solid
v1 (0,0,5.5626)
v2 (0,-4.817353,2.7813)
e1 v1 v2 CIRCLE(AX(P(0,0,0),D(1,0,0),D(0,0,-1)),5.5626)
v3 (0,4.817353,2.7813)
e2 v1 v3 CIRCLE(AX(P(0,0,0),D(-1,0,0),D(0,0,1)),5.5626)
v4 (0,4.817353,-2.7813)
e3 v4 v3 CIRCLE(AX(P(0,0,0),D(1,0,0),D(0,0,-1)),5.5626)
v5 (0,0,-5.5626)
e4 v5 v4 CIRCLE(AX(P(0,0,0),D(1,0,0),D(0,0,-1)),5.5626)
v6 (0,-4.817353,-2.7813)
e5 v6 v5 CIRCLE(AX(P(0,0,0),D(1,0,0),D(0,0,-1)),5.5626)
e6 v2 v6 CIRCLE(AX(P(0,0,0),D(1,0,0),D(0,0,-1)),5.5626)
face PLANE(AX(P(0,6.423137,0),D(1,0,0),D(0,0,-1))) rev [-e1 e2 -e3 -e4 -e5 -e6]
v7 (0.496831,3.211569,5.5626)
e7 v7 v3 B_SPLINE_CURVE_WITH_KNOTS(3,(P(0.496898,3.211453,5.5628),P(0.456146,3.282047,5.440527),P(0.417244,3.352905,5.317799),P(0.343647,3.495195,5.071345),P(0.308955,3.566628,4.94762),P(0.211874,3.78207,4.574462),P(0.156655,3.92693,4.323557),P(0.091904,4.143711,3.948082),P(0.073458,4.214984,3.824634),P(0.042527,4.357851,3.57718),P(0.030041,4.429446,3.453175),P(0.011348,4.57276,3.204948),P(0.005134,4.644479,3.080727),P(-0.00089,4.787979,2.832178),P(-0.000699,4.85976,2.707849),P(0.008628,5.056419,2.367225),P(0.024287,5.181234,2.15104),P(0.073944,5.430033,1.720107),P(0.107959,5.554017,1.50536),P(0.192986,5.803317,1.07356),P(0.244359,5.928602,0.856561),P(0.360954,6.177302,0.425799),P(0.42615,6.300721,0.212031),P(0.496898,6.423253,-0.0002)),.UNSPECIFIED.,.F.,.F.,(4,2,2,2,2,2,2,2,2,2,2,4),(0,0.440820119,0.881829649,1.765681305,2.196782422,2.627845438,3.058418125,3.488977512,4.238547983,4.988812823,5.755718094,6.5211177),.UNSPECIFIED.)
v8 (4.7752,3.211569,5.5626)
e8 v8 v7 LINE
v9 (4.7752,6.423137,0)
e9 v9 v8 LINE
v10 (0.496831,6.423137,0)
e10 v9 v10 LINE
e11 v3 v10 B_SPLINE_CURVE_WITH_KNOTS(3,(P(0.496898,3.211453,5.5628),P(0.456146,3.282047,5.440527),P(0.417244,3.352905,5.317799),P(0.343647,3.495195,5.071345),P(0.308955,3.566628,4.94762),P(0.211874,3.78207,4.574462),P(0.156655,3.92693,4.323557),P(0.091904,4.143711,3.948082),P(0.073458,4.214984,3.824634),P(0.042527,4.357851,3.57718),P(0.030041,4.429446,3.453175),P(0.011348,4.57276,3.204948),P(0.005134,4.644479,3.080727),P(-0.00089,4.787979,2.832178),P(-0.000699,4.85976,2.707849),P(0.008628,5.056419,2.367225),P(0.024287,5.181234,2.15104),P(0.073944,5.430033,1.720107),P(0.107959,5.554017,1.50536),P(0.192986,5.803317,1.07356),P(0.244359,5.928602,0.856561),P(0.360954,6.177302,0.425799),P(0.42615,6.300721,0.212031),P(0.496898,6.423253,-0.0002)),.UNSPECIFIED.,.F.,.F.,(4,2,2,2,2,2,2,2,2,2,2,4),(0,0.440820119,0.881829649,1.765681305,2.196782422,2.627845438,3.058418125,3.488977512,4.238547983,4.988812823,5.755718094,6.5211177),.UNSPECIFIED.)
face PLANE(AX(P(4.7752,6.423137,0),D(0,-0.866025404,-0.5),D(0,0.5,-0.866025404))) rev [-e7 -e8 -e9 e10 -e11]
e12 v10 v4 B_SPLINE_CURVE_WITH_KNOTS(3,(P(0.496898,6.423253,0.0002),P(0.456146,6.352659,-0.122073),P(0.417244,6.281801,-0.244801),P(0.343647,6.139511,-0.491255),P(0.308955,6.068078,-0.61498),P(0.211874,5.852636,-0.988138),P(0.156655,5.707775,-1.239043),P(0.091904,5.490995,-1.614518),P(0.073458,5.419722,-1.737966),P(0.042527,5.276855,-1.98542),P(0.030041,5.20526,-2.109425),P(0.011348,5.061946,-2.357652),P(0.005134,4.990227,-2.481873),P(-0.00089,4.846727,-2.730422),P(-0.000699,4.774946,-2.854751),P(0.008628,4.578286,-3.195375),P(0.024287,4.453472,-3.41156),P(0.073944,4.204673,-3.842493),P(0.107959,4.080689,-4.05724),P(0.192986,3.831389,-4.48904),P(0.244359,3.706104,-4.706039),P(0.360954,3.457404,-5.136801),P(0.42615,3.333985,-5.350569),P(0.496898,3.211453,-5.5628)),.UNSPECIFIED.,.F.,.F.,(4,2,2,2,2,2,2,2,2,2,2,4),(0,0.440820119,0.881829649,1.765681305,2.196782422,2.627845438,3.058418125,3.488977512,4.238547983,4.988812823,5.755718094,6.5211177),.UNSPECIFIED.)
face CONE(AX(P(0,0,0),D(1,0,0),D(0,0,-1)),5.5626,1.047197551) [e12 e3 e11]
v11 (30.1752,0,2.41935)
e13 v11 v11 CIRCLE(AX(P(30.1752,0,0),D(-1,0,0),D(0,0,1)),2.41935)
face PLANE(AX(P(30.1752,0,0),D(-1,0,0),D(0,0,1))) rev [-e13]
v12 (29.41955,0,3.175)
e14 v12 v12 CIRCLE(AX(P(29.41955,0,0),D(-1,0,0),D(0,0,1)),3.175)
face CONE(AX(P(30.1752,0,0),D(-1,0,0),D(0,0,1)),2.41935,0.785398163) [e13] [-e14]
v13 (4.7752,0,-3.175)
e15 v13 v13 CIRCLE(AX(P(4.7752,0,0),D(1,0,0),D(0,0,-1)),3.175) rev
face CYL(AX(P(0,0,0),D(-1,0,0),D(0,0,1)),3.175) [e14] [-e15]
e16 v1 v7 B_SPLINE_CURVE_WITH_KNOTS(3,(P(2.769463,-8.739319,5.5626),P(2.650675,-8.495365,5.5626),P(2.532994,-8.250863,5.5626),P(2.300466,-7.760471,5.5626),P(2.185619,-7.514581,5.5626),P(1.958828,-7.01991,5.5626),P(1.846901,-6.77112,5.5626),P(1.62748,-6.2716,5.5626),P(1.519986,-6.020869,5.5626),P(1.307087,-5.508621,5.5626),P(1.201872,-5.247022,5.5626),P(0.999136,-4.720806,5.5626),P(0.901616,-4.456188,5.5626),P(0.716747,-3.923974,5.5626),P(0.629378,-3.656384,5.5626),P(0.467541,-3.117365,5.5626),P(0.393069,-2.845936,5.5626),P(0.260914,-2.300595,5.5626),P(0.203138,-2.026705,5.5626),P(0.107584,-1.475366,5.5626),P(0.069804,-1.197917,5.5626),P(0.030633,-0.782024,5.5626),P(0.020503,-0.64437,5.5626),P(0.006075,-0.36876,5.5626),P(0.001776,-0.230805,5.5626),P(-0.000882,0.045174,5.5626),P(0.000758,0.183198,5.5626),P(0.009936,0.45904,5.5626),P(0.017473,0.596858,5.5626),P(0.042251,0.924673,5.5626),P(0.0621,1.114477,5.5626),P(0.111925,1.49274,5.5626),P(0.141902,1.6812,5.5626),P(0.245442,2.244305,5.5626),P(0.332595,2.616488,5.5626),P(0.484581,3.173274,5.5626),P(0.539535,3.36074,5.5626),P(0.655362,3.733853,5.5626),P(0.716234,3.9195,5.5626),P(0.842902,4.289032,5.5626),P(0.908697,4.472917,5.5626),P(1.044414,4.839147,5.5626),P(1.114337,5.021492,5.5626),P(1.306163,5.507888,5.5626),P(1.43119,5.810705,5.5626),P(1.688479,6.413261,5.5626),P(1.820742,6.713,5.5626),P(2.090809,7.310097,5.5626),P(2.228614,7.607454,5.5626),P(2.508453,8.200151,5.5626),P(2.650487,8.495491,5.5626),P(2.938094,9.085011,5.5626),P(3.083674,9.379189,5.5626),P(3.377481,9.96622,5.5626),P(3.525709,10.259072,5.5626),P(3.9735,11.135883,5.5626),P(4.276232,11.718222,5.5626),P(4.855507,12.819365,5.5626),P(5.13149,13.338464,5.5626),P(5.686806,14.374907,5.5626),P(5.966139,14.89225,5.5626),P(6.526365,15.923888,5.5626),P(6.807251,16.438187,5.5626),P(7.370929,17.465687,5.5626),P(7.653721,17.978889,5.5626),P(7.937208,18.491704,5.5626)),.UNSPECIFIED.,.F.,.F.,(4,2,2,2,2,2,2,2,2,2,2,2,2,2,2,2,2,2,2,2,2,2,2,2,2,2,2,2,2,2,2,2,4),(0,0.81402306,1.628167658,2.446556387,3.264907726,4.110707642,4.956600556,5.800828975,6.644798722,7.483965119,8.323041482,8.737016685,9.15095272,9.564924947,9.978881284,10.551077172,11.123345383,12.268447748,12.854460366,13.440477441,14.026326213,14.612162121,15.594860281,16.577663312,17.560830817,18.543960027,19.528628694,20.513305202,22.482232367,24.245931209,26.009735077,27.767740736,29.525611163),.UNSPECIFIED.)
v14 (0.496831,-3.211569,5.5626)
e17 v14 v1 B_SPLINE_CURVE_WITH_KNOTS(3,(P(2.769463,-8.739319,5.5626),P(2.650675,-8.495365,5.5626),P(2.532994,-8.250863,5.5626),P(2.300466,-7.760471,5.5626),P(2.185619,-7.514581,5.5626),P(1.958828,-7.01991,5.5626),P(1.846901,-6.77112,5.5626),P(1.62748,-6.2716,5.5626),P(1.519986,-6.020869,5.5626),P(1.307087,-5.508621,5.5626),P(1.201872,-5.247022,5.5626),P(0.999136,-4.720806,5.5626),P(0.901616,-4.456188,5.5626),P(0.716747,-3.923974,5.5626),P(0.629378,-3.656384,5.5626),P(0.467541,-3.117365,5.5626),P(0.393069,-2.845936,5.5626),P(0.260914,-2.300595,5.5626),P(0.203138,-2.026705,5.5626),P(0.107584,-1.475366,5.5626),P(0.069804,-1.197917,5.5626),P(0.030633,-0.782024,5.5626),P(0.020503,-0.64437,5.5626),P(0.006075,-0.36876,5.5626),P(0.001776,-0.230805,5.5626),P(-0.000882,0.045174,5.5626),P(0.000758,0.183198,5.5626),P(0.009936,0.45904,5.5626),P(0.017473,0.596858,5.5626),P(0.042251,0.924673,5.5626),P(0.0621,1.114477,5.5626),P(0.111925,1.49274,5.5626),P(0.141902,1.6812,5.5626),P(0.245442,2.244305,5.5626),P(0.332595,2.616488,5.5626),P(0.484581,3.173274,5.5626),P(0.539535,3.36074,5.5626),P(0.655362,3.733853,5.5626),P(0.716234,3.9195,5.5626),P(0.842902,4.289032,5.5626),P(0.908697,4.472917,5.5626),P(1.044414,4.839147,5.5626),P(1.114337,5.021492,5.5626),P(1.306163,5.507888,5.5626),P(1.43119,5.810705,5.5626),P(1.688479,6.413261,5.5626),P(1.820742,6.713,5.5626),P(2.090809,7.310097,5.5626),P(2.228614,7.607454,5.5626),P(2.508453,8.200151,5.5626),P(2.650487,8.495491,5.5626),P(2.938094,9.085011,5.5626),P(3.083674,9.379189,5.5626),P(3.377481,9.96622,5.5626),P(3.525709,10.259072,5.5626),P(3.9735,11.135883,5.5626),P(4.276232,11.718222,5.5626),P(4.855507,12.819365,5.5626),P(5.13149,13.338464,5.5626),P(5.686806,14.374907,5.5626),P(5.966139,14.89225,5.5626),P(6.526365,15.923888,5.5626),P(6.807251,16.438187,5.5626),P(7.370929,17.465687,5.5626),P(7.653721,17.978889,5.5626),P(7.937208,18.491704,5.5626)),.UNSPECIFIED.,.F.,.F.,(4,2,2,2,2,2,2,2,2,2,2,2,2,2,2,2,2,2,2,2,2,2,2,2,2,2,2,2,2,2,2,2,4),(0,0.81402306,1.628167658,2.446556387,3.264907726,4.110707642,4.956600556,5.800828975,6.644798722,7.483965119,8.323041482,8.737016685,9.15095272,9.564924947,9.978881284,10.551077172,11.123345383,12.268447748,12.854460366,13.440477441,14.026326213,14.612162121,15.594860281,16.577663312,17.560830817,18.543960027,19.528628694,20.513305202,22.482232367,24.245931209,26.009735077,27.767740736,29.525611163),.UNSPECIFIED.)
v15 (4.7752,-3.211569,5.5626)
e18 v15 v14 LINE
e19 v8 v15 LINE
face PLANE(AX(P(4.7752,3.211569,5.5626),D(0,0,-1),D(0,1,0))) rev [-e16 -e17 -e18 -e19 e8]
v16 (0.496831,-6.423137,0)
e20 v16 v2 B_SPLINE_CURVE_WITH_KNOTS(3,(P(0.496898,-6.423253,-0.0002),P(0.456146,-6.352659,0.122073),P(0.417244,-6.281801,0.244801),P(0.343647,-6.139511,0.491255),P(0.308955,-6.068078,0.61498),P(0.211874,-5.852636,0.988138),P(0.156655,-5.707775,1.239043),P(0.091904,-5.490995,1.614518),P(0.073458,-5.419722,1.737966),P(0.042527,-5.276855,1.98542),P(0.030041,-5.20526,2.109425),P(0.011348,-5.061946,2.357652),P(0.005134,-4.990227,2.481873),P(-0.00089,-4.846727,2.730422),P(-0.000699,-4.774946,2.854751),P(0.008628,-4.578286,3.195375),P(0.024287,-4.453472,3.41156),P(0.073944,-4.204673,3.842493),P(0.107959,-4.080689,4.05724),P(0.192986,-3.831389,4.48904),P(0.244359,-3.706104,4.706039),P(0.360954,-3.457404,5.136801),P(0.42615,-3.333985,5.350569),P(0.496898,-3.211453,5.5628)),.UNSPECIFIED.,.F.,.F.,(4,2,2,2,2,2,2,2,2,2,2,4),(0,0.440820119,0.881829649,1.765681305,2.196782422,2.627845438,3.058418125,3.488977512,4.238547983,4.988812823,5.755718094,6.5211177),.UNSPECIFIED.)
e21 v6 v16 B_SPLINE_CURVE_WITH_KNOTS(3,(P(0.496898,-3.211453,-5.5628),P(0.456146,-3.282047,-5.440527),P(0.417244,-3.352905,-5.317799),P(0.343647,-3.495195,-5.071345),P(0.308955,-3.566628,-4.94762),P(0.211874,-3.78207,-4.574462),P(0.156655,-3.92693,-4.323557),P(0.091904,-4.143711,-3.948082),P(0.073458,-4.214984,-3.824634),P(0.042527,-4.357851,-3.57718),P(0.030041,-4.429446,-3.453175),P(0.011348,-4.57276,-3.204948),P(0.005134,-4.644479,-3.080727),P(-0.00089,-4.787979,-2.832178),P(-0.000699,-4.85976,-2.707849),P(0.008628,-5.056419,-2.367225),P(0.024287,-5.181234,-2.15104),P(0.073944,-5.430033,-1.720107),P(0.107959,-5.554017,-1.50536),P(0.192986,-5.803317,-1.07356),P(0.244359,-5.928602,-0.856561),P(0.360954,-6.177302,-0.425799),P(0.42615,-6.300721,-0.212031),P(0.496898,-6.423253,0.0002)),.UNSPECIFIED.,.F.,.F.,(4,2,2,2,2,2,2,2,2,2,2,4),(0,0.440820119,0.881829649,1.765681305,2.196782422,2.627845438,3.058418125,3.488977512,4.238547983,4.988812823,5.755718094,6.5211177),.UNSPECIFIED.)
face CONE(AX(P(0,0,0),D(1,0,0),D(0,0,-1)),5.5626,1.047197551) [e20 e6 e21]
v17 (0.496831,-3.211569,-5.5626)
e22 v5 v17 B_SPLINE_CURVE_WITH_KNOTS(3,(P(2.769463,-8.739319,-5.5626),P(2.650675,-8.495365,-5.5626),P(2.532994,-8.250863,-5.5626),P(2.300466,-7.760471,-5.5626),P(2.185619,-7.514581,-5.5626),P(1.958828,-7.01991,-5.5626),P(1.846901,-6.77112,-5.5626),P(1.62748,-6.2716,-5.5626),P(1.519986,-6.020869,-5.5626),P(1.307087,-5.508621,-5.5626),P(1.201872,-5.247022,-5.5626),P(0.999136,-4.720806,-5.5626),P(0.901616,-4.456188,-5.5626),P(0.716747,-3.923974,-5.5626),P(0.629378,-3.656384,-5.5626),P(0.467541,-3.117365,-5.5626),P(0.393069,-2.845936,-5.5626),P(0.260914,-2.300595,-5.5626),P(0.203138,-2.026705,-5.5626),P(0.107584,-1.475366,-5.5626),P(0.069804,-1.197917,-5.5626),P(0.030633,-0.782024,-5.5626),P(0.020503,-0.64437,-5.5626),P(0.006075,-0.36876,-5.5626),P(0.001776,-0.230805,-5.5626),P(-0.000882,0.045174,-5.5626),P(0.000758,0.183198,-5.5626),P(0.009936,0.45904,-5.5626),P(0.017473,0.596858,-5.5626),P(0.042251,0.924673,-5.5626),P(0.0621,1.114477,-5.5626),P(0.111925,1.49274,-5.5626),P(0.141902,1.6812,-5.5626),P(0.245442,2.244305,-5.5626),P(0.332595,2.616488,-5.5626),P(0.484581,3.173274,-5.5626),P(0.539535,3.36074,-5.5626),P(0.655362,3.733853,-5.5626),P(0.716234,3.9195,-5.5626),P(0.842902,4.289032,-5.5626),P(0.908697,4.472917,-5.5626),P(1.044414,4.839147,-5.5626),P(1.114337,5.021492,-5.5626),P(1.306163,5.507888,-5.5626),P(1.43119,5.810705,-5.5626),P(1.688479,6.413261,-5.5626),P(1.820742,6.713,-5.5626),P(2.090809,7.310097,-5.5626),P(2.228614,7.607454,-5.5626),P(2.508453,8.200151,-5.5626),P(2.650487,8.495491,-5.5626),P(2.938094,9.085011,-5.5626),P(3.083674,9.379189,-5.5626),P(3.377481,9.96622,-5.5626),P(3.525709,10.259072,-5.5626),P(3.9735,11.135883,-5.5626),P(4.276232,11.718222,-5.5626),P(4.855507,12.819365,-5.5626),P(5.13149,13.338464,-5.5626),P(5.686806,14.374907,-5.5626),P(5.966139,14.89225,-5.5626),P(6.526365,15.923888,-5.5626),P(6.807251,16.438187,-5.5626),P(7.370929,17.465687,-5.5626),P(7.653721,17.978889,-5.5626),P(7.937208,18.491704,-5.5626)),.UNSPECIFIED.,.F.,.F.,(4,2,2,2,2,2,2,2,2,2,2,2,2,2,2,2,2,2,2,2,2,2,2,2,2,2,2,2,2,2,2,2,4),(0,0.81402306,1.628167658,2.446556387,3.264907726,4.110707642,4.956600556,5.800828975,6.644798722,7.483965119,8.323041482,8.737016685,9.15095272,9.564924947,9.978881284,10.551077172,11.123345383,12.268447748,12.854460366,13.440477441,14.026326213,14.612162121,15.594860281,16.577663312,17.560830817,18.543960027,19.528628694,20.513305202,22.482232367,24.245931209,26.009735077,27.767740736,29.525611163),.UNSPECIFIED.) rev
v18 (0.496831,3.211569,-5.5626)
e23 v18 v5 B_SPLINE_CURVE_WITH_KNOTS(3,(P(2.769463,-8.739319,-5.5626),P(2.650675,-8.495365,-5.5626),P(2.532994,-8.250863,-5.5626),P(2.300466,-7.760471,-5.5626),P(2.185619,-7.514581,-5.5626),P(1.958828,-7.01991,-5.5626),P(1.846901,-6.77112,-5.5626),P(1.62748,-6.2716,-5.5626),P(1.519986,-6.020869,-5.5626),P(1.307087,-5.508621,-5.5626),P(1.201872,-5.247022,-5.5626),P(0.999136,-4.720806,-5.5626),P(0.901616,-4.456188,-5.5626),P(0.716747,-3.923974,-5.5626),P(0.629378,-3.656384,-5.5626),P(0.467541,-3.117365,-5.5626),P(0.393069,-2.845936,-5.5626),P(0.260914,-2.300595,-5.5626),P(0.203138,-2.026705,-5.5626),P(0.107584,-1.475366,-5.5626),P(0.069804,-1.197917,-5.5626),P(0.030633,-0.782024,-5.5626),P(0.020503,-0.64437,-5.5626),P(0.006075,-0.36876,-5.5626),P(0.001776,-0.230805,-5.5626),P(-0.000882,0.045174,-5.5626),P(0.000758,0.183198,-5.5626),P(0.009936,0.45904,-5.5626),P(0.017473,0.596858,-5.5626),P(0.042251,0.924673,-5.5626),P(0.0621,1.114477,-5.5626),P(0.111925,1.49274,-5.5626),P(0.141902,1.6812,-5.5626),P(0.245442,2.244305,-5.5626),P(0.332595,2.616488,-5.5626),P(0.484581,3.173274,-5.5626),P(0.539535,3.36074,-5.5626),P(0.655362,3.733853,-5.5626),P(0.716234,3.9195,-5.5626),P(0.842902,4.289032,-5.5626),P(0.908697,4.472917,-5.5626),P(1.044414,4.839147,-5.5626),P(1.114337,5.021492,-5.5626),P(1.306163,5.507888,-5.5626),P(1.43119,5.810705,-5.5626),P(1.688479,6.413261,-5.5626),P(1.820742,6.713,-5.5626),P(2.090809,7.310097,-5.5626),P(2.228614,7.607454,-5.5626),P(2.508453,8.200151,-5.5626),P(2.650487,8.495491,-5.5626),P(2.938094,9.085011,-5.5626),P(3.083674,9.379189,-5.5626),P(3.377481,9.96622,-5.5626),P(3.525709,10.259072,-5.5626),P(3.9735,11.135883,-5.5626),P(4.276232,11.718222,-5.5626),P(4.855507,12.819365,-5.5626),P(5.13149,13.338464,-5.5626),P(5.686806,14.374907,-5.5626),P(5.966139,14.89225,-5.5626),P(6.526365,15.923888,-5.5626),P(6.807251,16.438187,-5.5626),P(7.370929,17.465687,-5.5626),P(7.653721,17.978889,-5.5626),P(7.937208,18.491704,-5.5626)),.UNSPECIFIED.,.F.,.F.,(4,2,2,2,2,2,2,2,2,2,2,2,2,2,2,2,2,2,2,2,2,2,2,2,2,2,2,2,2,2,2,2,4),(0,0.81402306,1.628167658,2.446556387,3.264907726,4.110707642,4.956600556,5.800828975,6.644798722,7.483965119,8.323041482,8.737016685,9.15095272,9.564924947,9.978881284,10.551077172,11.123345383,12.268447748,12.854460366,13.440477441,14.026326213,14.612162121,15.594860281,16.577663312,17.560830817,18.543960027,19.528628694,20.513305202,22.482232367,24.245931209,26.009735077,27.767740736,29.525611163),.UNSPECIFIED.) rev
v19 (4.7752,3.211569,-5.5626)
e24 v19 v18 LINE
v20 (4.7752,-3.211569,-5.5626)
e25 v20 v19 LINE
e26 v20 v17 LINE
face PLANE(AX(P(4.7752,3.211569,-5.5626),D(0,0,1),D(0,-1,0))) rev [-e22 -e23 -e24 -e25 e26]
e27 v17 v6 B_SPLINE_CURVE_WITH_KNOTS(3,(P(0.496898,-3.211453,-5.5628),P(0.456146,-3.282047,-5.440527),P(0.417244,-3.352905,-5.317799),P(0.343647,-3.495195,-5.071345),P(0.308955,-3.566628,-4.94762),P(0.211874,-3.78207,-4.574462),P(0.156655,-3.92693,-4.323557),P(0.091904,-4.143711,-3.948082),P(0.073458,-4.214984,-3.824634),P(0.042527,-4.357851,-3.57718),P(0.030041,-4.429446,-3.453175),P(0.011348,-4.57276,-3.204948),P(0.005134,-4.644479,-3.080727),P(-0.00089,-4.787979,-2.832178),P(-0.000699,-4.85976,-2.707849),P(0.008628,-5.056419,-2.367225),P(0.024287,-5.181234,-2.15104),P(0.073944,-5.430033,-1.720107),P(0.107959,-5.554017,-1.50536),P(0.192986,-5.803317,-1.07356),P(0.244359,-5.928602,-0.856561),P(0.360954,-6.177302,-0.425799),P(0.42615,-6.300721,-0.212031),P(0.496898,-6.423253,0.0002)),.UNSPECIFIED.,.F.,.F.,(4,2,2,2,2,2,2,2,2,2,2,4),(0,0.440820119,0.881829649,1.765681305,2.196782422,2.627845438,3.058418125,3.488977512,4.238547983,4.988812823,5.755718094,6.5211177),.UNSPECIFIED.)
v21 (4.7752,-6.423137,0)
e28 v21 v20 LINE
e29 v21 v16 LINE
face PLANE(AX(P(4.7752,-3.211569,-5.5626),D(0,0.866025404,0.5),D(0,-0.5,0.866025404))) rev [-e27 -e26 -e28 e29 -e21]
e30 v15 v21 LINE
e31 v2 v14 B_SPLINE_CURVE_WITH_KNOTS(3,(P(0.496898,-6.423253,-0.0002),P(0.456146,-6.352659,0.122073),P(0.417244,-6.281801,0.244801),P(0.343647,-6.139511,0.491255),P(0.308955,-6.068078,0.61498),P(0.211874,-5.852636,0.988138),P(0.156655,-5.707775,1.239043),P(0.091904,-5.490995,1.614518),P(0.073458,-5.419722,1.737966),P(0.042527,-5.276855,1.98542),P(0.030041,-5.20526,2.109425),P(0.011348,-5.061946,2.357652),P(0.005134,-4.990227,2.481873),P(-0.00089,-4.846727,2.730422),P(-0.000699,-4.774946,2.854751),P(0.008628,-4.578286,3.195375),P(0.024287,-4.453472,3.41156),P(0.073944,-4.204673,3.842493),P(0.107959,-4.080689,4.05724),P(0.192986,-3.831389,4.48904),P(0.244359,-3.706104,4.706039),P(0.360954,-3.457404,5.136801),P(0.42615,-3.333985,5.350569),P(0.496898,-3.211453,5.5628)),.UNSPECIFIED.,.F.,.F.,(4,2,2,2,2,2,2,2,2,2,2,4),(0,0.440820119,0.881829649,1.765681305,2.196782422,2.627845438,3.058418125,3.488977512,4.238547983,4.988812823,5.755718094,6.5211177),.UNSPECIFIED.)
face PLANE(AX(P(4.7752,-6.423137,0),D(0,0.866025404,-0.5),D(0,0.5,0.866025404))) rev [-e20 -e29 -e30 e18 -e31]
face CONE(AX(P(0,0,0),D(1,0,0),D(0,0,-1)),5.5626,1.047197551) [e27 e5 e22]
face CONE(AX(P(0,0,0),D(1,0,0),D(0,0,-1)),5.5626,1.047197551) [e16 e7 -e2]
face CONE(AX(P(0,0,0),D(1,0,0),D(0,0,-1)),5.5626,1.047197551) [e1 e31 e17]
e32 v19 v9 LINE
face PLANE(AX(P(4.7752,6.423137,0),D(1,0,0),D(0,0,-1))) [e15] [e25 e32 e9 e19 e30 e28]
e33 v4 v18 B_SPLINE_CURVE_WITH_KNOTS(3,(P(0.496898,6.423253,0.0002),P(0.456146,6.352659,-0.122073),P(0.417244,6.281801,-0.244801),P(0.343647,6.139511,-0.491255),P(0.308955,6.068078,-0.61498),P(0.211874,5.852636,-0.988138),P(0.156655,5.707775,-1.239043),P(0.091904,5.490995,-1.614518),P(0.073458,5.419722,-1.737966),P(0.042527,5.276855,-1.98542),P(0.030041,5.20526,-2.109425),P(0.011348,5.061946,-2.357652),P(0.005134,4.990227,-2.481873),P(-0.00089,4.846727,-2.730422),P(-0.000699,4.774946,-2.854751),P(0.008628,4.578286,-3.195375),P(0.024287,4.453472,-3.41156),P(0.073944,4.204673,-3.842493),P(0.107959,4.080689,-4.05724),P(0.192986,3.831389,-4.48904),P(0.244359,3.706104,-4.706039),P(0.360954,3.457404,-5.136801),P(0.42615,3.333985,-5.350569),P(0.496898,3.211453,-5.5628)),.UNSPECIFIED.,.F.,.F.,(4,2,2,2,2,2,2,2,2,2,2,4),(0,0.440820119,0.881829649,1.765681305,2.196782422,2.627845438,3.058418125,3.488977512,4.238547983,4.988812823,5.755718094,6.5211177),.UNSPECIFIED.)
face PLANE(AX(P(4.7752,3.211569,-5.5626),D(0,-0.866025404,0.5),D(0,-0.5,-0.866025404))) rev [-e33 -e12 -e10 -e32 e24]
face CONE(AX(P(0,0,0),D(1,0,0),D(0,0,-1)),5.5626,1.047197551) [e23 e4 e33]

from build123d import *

# Parameters (mm, degrees)
BASEHEAD_DEPTH = 4.7752


with BuildPart() as part:
    # Sketch1 → BaseHead (new body)
    with BuildSketch(Plane(origin=(0, 0, 0), x_dir=(0, 0, -1), z_dir=(1, 0, 0))):
        Polygon((5.5626, 3.211568607), (5.5626, -3.211568607), (0, -6.423137215), (-5.5626, -3.211568607), (-5.5626, 3.211568607), (0, 6.423137215), align=None)
    extrude(amount=BASEHEAD_DEPTH)

    # BodySke → BaseBody (revolve)
    with BuildSketch(Plane.XY):
        Polygon((0, 0), (30.1752, 0), (30.1752, 2.41935), (29.41955, 3.175), (0, 3.175), align=None)
    revolve(axis=Axis((0, 0, 0), (1, 0, 0)))

    # Sketch3 → HeadChamfer (revolve, cut)
    with BuildSketch(Plane.XY):
        Polygon((0, 5.5626), (4.163005602, 12.773137215), (4.163005602, 19.123137215), (-12.7, 19.123137215), (-12.7, 5.5626), align=None)
    revolve(axis=Axis((0, 0, 0), (1, 0, 0)), mode=Mode.SUBTRACT)


solid = part.part
